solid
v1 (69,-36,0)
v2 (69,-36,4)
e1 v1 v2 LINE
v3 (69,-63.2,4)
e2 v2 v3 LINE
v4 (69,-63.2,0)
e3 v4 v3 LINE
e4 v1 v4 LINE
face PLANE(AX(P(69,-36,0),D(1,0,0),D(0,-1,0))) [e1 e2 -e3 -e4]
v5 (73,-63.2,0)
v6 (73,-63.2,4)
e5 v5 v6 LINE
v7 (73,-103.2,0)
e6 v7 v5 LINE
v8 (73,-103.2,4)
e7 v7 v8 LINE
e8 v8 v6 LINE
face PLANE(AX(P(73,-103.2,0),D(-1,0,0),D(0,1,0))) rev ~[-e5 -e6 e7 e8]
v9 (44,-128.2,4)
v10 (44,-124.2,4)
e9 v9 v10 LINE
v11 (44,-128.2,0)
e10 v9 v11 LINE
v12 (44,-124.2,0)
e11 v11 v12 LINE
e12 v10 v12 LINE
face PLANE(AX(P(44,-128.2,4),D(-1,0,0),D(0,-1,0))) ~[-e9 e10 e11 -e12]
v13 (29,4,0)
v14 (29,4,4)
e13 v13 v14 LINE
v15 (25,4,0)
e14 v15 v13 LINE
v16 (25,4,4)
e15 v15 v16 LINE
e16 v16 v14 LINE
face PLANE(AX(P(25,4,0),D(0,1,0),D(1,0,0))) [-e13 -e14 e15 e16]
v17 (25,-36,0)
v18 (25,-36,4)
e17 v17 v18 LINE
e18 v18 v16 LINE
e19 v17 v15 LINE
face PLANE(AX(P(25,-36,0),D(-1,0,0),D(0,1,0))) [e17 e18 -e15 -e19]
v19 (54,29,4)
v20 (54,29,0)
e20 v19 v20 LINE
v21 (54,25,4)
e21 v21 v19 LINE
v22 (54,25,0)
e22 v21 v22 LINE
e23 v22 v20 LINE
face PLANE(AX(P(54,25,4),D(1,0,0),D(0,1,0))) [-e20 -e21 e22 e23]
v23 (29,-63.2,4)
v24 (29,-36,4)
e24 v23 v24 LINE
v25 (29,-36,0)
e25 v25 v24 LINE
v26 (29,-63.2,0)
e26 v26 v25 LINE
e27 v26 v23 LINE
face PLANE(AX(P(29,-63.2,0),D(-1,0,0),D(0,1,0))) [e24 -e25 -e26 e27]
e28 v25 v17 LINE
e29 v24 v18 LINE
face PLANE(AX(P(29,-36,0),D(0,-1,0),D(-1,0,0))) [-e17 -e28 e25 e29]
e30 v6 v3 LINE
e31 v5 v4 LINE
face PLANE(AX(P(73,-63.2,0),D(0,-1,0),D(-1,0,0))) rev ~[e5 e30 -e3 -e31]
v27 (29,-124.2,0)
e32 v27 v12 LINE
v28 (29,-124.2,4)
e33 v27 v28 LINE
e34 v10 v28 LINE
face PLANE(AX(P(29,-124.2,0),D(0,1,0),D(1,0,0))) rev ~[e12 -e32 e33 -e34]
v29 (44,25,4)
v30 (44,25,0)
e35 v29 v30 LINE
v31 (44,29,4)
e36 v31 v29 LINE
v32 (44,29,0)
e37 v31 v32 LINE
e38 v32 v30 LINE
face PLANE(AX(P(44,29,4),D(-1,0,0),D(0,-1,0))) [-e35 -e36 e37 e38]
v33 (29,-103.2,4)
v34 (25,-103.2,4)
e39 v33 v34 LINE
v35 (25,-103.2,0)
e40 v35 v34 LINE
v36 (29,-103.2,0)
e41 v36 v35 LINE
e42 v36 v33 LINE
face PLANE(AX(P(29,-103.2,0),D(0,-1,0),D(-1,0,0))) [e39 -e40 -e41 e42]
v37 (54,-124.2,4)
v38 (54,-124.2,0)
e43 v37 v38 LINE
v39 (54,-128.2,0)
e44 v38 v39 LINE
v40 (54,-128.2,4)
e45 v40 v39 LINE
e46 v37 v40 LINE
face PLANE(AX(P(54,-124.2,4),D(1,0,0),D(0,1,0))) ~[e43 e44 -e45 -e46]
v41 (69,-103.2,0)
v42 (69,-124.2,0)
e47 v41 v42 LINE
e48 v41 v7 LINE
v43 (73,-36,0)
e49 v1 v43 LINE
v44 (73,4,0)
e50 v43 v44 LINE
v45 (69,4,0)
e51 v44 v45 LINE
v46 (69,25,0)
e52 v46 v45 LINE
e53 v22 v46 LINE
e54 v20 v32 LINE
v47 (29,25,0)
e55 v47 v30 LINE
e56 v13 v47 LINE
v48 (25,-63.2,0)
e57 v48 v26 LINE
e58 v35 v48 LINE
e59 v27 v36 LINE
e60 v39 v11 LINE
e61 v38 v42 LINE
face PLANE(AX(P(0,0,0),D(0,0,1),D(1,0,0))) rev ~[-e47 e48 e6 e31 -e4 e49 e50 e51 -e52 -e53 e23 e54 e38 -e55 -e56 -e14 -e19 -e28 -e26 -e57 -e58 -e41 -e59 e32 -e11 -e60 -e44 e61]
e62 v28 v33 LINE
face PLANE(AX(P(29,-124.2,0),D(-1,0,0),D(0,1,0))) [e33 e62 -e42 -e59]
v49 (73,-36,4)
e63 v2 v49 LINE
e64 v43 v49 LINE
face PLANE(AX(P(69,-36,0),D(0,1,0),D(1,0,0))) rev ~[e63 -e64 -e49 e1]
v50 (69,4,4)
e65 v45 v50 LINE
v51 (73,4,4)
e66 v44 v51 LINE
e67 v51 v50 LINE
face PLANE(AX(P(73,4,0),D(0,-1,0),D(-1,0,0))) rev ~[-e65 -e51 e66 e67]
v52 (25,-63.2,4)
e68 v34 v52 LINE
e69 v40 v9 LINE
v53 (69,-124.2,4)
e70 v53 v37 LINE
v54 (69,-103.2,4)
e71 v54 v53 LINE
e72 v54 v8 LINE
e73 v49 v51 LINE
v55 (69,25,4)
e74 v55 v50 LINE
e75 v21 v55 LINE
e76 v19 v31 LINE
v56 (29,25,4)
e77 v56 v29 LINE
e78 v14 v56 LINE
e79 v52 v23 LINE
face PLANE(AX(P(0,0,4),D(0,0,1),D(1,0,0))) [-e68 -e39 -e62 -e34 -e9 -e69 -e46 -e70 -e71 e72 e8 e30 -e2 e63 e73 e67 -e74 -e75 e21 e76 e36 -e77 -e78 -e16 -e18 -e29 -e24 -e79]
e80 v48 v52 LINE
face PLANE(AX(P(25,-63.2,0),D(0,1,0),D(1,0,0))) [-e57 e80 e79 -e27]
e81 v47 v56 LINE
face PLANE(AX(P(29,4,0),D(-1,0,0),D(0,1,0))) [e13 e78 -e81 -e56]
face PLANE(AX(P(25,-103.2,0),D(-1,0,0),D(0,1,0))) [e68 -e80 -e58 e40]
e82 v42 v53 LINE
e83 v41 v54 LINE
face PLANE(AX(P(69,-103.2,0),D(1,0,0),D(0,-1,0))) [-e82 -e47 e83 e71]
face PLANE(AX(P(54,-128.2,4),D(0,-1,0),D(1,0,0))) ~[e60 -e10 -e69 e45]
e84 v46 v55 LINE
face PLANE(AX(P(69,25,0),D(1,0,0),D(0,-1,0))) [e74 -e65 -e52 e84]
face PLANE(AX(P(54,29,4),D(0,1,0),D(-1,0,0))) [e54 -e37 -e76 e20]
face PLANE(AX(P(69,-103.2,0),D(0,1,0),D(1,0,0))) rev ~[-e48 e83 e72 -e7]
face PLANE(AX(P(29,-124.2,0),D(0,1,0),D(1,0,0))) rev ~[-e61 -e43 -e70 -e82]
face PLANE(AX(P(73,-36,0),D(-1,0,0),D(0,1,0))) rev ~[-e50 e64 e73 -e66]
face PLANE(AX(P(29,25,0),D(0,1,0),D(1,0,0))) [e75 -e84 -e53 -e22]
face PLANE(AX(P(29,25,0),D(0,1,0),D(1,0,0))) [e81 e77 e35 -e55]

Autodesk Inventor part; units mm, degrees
ref_plane "YZ Plane" through (0, 0, 0) normal (1, 0, 0) x (0, 1, 0)
ref_plane "XZ Plane" through (0, 0, 0) normal (0, 1, 0) x (-1, 0, 0)
sketch "Sketch2" plane through (0, 0, 0) normal (0, 0, 1) x (1, 0, 0)
  line L0 (29, -124.2) -> (29, -103.2)
  line L1 (29, -103.2) -> (25, -103.2)
  line L2 (25, -103.2) -> (25, -63.2)
  line L3 (25, -63.2) -> (29, -63.2)
  line L4 (29, -63.2) -> (29, -36)
  line L5 (29, -36) -> (25, -36)
  line L6 (25, -36) -> (25, 4)
  line L7 (25, 4) -> (29, 4)
  line L8 (29, 4) -> (29, 25)
  line L9 (29, 29) -> (29, 25)
  line L10 (29, 25) -> (69, 25)
  line L11 (29, -128.2) -> (29, -124.2)
  line L12 (29, -124.2) -> (69, -124.2)
  line L13 (49, -124.2) -> (49, -141.5735)
  line L14 (73, 4) -> (69, 4)
  line L15 (73, -36) -> (73, 4)
  line L16 (69, -36) -> (73, -36)
  line L17 (73, -63.2) -> (69, -63.2)
  line L18 (73, -103.2) -> (73, -63.2)
  line L19 (69, -103.2) -> (73, -103.2)
  line L20 (69, -103.2) -> (69, -124.2)
  line L21 (69, 25) -> (69, 4)
  line L22 (69, -36) -> (69, -63.2)
  point P0 (0, 0)
  dimension "d15" = 4
  dimension "d16" = 40
  dimension "d17" = 4
  dimension "d20" = 40
  dimension "d21" = 40
  dimension "d22" = 149.2
extrude "Extrusion3" add sketch "Sketch2" along normal blind 4
sketch "Sketch3" plane through (0, 0, 4) normal (0, 0, 1) x (1, 0, 0)
  line L0 (29, -103.2) -> (29, -124.2) projected
  line L1 (29, -124.2) -> (69, -124.2) projected
  line L2 (69, -124.2) -> (69, -103.2) projected
  line L3 (69, -103.2) -> (73, -103.2) projected
  line L4 (73, -103.2) -> (73, -63.2) projected
  line L5 (73, -63.2) -> (69, -63.2) projected
  line L6 (69, -63.2) -> (69, -36) projected
  line L7 (69, -36) -> (73, -36) projected
  line L8 (73, -36) -> (73, 4) projected
  line L9 (73, 4) -> (69, 4) projected
  line L10 (69, 4) -> (69, 25) projected
  line L11 (69, 25) -> (29, 25) projected
  line L12 (29, 25) -> (29, 4) projected
  line L13 (29, 4) -> (25, 4) projected
  line L14 (25, 4) -> (25, -36) projected
  line L15 (25, -36) -> (29, -36) projected
  line L16 (29, -36) -> (29, -63.2) projected
  line L17 (29, -63.2) -> (25, -63.2) projected
  line L18 (25, -63.2) -> (25, -103.2) projected
  line L19 (25, -103.2) -> (29, -103.2) projected
  line L20 (54, 29) -> (44, 29)
  line L21 (44, 29) -> (44, 25)
  line L22 (44, 25) -> (54, 25)
  line L23 (54, 25) -> (54, 29)
  point P0 (0, 0)
  point P1 (49, 25)
  dimension "d23" = 10
  dimension "d24" = 4
extrude "Extrusion4" add sketch "Sketch3" against normal blind 4 contours L21 L20 L23 L11
ref_plane "Work Plane1" through (29, -49.6, 0) normal (0, -1, 0) x (1, 0, 0)
mirror "Mirror1" about plane through (29, -49.6, 0) normal (0, -1, 0) of "Extrusion4"
equation "\"d23\" = D"
equation "\"D\" = 10"
properties part number "F2"
